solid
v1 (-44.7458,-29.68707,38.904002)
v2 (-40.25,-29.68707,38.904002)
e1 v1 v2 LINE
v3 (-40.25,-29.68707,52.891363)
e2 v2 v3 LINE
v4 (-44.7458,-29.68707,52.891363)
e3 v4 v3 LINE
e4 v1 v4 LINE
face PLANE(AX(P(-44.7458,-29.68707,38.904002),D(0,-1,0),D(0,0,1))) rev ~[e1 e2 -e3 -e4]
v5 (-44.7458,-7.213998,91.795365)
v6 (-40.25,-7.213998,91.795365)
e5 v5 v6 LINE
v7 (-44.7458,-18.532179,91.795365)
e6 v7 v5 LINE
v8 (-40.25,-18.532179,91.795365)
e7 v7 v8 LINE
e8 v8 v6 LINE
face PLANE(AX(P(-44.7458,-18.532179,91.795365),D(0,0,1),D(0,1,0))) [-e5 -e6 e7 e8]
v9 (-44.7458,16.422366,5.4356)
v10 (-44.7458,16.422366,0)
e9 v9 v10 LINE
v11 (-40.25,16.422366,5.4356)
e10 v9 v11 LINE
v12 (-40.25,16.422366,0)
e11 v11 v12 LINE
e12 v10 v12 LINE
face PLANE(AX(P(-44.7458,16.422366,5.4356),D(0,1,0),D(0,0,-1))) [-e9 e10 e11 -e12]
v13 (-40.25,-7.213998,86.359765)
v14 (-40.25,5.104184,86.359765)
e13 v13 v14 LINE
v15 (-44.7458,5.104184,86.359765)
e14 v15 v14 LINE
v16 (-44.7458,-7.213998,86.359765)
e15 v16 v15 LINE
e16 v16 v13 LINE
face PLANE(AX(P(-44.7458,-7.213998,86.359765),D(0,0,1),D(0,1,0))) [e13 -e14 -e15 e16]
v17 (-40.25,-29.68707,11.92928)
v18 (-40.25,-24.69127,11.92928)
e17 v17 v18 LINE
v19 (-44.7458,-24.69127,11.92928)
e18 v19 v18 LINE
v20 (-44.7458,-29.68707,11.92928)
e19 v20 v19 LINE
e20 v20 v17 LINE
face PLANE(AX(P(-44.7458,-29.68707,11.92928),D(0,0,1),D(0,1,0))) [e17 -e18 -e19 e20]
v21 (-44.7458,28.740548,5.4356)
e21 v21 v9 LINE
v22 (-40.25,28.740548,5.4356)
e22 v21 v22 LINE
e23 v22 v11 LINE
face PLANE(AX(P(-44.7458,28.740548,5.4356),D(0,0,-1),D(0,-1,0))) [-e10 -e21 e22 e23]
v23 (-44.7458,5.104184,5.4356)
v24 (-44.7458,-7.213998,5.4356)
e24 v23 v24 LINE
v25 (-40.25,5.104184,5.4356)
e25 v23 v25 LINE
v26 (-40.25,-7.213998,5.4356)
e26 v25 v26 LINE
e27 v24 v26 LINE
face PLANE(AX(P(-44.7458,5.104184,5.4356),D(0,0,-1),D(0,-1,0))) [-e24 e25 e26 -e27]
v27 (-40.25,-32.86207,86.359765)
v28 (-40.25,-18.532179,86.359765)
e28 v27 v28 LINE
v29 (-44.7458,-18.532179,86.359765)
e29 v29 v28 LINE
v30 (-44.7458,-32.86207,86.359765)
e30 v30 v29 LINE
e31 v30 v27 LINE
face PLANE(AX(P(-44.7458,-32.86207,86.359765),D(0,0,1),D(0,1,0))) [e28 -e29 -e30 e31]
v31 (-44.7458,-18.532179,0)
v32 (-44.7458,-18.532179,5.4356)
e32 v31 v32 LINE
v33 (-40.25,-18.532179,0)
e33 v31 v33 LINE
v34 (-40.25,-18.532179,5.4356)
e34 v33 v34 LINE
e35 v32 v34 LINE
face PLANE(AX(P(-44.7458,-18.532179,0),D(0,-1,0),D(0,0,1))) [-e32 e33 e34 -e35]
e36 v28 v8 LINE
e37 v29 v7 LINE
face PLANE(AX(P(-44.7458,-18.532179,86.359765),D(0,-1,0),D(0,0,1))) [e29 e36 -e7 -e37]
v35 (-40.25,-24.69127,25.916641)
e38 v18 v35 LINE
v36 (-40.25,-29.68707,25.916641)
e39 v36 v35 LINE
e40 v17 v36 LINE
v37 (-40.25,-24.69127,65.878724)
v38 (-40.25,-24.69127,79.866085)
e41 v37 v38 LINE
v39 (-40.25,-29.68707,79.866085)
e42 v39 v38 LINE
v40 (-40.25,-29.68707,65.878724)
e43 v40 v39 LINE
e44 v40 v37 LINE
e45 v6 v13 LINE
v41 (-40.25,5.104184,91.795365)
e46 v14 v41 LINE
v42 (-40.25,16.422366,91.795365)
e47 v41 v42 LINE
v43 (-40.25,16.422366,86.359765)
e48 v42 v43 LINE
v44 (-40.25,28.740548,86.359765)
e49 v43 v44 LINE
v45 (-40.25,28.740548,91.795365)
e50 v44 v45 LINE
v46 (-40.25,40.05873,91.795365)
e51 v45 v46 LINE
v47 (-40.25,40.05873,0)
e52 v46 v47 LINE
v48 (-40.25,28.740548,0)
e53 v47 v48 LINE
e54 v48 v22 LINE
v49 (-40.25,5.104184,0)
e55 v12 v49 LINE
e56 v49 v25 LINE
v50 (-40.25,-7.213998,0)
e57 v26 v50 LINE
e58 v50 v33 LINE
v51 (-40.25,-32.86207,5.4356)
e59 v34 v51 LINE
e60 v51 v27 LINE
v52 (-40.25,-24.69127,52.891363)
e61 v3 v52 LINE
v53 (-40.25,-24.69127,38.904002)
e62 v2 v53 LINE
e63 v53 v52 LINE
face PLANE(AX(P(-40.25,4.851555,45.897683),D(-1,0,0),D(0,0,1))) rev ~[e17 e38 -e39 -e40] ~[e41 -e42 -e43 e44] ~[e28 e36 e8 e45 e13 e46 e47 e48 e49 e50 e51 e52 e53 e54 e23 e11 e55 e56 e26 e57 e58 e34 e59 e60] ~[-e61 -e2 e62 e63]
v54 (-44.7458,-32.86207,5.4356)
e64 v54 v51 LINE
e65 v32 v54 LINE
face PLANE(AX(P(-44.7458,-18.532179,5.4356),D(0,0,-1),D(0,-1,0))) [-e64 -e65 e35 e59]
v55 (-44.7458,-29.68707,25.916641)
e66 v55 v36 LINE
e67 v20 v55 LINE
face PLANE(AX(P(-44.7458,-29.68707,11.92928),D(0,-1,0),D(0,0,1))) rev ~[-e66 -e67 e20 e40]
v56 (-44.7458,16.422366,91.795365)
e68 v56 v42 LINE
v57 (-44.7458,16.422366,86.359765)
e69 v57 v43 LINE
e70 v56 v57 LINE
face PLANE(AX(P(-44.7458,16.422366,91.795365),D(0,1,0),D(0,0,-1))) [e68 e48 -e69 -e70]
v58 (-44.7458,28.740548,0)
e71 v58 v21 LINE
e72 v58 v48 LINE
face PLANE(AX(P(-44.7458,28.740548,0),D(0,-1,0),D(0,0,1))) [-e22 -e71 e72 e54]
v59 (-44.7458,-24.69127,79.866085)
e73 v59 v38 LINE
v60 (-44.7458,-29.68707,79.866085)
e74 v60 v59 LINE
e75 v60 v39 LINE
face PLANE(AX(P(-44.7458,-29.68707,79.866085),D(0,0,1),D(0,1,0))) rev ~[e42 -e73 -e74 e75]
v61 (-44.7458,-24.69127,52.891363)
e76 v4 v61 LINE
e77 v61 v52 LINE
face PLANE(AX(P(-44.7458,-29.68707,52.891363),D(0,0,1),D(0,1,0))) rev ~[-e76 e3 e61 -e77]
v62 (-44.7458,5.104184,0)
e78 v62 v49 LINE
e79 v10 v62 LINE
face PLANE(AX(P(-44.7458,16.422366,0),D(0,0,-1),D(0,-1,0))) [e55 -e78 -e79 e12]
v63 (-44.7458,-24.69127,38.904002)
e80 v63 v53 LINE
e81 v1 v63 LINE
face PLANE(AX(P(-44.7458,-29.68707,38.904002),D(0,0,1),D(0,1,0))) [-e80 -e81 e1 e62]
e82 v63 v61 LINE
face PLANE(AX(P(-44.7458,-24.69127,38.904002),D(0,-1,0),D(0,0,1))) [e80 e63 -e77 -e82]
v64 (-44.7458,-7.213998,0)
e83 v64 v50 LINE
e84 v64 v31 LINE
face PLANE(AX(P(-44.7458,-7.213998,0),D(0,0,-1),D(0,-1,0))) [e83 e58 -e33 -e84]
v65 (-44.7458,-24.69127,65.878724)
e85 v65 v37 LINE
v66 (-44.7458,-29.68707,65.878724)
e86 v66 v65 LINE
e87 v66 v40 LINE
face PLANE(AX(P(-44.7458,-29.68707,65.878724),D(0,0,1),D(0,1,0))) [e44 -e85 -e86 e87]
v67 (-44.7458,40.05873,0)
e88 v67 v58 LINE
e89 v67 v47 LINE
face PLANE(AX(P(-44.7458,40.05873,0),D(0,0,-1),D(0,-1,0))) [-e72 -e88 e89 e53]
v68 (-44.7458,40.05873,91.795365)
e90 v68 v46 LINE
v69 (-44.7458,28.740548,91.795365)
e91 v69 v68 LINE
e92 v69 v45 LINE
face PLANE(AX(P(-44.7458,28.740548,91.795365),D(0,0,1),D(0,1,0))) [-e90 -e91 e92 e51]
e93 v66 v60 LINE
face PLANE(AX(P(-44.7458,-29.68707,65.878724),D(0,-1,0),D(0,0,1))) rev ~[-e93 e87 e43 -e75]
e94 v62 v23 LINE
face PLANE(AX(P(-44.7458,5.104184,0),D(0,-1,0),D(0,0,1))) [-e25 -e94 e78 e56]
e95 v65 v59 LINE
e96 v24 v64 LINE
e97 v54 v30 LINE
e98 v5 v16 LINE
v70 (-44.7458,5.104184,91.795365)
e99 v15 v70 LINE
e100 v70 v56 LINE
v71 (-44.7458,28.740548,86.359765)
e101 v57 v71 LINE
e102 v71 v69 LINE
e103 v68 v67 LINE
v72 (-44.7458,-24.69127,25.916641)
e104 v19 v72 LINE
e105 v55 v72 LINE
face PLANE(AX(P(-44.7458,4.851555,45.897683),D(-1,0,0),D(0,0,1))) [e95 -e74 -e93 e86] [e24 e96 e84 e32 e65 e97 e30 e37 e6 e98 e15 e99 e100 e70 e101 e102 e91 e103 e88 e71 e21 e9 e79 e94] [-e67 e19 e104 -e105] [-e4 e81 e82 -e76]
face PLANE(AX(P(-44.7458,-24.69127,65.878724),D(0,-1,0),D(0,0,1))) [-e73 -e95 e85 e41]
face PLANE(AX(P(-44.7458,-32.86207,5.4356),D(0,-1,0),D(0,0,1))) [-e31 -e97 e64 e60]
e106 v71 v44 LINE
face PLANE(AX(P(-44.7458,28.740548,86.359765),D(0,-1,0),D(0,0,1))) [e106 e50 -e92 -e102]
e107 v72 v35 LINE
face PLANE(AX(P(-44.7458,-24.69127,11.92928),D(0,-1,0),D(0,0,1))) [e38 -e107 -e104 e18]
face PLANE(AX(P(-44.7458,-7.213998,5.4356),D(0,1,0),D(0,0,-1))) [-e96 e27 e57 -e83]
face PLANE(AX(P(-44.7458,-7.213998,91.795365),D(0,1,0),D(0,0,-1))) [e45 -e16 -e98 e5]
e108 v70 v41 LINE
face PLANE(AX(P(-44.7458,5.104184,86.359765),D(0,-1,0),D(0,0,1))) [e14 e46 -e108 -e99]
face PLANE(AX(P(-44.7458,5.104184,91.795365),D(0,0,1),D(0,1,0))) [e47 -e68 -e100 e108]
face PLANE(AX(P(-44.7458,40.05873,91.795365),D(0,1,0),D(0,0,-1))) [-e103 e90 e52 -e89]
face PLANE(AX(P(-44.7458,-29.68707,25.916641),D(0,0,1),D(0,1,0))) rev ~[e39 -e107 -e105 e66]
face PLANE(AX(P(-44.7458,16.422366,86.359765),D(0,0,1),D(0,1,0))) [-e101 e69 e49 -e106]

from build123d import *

# Parameters (mm, degrees)
SKETCH2_W           = 13.987360838
SKETCH2_H           = 4.9958
SKETCH2_W_2         = 13.987360839
BOSS_EXTRUDE1_DEPTH = 4.4958


with BuildPart() as part:
    # Sketch2 → Boss-Extrude1 (new body)
    with BuildSketch(Plane.ZY.offset(44.7458)):
        Polygon((5.4356, 40.058729674), (0, 40.058729674), (0, 28.740547856), (5.4356, 28.740547856), (5.4356, 16.422366038), (0, 16.422366038), (0, 5.104184219), (5.4356, 5.104184219), (5.4356, -7.213997599), (0, -7.213997599), (0, -18.532179417), (5.4356, -18.532179417), (5.4356, -32.862070326), (86.359765029, -32.862070326), (86.359765029, -18.532179417), (91.795365029, -18.532179417), (91.795365029, -7.213997599), (86.359765029, -7.213997599), (86.359765029, 5.104184219), (91.795365029, 5.104184219), (91.795365029, 16.422366038), (86.359765029, 16.422366038), (86.359765029, 28.740547856), (91.795365029, 28.740547856), (91.795365029, 40.058729674), (86.359765029, 40.058729674), align=None)
        with Locations((18.922960838, -27.189170326)):
            Rectangle(SKETCH2_W, SKETCH2_H, mode=Mode.SUBTRACT)
        with Locations((45.897682515, -27.189170326)):
            Rectangle(SKETCH2_W_2, SKETCH2_H, mode=Mode.SUBTRACT)
        with Locations((72.872404191, -27.189170326)):
            Rectangle(SKETCH2_W, SKETCH2_H, mode=Mode.SUBTRACT)
    extrude(amount=-BOSS_EXTRUDE1_DEPTH)


solid = part.part
